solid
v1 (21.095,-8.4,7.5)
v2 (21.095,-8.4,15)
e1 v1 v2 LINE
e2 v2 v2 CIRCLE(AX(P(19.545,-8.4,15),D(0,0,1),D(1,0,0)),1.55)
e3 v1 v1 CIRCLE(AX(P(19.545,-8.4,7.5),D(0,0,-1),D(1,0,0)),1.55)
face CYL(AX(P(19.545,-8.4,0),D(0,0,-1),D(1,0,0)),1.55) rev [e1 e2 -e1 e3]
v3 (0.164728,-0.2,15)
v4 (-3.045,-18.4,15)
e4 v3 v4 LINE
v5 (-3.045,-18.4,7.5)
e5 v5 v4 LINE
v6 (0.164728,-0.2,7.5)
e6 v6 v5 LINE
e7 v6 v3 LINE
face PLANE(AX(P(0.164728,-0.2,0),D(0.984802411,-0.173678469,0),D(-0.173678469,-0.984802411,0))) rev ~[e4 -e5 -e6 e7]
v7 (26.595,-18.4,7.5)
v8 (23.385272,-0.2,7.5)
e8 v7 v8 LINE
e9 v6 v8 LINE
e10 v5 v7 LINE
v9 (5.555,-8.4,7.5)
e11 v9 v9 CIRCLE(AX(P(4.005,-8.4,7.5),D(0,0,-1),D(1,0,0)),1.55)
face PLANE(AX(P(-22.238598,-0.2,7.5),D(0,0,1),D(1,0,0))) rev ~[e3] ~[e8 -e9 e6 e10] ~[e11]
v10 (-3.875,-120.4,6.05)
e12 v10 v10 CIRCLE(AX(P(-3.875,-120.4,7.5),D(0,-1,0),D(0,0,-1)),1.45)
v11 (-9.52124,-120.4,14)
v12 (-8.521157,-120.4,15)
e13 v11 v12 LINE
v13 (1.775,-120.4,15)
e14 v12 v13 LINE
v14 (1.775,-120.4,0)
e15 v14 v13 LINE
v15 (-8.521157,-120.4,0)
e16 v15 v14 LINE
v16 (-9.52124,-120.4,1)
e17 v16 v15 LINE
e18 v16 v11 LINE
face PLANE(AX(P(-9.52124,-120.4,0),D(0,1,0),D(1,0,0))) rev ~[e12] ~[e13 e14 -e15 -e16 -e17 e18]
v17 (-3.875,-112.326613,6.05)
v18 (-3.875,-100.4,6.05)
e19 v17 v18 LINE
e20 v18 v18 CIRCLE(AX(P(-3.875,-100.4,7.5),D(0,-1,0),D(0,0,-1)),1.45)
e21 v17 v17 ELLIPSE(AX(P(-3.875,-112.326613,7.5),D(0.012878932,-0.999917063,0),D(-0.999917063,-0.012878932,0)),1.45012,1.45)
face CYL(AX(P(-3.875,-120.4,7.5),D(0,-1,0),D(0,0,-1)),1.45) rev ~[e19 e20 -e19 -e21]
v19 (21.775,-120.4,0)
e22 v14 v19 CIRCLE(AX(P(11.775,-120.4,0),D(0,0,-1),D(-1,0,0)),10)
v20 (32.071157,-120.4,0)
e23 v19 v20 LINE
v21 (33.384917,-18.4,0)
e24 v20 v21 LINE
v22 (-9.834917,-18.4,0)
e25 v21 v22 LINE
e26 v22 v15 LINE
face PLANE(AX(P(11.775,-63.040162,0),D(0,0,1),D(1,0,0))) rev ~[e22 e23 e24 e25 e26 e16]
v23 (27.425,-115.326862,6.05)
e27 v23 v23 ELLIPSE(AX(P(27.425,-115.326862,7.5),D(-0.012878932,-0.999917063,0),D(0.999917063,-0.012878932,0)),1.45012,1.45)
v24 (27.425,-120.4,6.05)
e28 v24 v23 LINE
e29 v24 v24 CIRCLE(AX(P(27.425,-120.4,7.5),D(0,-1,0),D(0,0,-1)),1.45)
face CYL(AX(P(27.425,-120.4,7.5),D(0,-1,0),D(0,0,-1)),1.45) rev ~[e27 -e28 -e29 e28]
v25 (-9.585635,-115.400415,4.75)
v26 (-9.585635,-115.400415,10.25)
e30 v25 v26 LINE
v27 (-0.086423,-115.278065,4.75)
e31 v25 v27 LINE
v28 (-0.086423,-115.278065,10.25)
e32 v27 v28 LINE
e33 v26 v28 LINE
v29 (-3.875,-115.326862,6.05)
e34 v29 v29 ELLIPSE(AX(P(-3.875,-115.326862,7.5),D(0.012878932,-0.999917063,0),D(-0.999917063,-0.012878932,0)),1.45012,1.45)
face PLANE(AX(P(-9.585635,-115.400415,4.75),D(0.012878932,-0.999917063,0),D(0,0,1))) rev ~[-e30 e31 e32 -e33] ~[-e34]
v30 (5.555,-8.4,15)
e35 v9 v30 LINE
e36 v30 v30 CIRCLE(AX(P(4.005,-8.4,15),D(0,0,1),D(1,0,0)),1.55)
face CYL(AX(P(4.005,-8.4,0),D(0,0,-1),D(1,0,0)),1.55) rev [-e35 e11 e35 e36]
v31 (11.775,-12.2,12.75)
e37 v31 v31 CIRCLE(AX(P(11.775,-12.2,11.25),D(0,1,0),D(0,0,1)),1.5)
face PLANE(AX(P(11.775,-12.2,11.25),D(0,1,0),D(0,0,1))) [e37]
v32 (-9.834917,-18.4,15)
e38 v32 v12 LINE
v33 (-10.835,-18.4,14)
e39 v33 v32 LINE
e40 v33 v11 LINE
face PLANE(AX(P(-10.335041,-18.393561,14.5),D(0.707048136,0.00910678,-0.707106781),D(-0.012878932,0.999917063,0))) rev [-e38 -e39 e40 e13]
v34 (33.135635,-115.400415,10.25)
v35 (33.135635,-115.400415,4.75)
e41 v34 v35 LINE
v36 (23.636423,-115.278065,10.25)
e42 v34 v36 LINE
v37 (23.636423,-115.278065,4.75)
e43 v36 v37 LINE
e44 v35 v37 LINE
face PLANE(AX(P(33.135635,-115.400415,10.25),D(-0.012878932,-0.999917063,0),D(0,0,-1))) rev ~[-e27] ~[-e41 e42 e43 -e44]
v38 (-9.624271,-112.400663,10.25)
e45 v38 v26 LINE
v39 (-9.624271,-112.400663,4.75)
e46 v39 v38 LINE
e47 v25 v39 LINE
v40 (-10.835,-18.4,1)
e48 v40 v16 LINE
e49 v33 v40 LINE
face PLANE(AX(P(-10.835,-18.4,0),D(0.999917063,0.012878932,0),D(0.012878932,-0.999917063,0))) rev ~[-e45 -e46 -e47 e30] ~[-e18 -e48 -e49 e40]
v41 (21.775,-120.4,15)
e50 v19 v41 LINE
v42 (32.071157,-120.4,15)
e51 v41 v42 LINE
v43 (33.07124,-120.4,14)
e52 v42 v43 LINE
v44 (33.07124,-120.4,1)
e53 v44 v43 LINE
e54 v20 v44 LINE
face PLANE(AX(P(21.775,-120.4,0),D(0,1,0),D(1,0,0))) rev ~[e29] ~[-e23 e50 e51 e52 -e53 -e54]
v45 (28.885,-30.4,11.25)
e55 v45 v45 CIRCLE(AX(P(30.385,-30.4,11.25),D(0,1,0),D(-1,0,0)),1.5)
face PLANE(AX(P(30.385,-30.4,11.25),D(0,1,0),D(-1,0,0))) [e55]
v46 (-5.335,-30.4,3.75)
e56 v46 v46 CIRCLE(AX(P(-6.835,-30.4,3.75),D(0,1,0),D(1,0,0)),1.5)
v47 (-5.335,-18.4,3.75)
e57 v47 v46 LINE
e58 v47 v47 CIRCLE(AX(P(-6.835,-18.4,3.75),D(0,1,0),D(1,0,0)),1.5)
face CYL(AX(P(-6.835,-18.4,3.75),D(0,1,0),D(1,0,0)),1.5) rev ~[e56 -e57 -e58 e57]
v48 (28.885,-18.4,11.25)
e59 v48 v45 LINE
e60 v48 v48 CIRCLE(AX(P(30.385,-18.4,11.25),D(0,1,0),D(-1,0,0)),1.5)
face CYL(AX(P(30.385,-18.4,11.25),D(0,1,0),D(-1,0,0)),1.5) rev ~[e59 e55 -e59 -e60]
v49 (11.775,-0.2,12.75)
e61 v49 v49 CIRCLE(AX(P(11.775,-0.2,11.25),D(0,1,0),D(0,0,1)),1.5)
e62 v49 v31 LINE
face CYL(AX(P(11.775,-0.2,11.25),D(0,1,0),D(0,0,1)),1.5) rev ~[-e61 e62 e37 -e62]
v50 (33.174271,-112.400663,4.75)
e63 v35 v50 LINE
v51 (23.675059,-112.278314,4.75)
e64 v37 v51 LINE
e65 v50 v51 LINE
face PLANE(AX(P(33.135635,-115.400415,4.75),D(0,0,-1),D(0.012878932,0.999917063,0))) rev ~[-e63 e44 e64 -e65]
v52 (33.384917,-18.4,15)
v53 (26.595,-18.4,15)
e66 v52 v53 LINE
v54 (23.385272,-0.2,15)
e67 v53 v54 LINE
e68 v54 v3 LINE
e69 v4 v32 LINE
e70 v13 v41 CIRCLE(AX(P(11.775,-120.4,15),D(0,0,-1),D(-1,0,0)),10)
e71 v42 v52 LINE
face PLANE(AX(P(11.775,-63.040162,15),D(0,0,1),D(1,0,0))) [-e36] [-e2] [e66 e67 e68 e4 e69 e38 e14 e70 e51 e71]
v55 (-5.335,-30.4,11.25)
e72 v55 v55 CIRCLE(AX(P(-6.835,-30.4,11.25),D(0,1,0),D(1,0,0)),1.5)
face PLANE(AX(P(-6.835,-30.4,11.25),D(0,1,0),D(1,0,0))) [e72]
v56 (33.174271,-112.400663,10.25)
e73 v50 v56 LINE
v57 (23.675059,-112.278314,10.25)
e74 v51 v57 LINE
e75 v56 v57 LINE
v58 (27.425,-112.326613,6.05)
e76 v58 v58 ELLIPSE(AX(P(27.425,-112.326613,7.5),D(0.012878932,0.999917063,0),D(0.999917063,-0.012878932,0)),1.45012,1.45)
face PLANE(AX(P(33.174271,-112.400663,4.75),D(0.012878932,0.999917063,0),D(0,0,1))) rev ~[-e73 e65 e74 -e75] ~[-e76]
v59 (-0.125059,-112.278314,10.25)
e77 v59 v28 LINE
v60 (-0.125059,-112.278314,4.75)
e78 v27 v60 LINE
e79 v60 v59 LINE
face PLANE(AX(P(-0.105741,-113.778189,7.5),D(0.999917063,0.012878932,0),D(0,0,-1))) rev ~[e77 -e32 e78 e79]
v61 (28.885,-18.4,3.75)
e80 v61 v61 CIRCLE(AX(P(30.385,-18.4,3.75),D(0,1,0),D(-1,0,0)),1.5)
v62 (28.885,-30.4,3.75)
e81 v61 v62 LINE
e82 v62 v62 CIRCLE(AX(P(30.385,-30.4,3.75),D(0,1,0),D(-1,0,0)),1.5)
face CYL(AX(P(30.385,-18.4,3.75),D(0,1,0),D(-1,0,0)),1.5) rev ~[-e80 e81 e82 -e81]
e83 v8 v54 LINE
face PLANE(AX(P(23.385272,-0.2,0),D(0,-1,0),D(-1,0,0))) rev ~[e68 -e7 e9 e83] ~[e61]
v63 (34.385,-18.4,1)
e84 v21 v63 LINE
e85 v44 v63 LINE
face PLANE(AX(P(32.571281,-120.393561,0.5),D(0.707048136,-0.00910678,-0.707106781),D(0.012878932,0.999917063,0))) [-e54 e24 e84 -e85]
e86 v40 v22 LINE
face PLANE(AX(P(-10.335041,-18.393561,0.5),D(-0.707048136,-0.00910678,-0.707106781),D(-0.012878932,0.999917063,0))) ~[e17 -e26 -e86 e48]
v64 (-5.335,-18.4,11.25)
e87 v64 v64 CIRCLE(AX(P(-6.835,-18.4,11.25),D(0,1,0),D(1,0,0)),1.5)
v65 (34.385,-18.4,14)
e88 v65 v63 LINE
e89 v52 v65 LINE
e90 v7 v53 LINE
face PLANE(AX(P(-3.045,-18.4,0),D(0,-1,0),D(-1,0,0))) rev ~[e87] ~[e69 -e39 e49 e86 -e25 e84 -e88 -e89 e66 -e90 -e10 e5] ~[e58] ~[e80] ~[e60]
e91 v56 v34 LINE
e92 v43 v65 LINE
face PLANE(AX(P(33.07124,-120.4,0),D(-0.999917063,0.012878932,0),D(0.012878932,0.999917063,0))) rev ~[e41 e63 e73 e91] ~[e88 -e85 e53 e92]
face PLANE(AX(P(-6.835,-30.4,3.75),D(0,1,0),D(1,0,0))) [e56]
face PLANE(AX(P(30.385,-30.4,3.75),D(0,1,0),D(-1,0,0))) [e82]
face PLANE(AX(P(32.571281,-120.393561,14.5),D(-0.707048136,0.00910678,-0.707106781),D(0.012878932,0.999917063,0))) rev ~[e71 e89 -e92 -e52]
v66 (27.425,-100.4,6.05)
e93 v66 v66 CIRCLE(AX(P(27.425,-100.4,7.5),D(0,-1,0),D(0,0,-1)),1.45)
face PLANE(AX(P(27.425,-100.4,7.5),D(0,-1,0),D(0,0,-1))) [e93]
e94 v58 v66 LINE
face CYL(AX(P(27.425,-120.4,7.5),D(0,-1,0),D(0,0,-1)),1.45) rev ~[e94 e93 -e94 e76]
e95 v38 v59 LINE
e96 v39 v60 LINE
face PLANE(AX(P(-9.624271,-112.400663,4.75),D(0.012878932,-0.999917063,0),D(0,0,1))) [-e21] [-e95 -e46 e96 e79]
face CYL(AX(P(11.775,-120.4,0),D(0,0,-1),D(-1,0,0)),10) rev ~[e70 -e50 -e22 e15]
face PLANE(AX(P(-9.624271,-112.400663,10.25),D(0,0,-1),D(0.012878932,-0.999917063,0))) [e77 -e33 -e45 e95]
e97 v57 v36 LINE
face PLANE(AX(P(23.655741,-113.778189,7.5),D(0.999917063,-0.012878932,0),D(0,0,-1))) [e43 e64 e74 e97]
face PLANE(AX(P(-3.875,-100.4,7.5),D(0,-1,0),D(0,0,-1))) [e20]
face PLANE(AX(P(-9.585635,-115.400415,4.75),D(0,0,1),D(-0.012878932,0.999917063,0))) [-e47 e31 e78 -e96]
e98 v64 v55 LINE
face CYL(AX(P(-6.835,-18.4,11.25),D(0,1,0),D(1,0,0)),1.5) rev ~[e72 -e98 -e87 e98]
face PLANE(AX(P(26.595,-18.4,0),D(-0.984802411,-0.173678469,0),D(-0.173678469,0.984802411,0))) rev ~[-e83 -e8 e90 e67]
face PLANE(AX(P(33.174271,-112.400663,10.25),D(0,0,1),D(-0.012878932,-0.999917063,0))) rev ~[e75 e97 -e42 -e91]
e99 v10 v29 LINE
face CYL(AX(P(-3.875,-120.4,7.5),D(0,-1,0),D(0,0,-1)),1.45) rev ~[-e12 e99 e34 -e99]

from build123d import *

# Parameters (mm, degrees)
SKETCH_1_R          = 1.55
EXTRUDE_1_DEPTH     = 15
CUT_EXTRUDE_1_DEPTH = 18.2
SKETCH_3_R          = 1.5
CUT_EXTRUDE_2_DEPTH = 12
SKETCH_4_R          = 1.5
CUT_EXTRUDE_3_DEPTH = 12
CHAMFER_1_SIZE      = 1
CUT_EXTRUDE_4_DEPTH = 9.5
CUT_EXTRUDE_5_DEPTH = 9.5
SKETCH_7_R          = 1.45
CUT_EXTRUDE_6_DEPTH = 20


with BuildPart() as part:
    # 草图1 → 凸台-拉伸1 (new body)
    with BuildSketch(Plane.XY):
        with BuildLine():
            Line((-10.835, -18.4), (-9.52124, -120.4))
            Line((-9.52124, -120.4), (1.775, -120.4))
            ThreePointArc((1.775, -120.4), (11.775, -110.4), (21.775, -120.4))
            Line((21.775, -120.4), (33.07124, -120.4))
            Line((33.07124, -120.4), (34.385, -18.4))
            Line((34.385, -18.4), (26.795, -18.4))
            Line((26.795, -18.4), (26.595, -18.4))
            Line((26.595, -18.4), (23.385271739, -0.2))
            Line((23.385271739, -0.2), (0.164728261, -0.2))
            Line((0.164728261, -0.2), (-3.045, -18.4))
            Line((-3.045, -18.4), (-3.245, -18.4))
            Line((-3.245, -18.4), (-10.835, -18.4))
        make_face()
        with Locations((4.005, -8.4)):
            Circle(SKETCH_1_R, mode=Mode.SUBTRACT)
        with Locations((19.545, -8.4)):
            Circle(SKETCH_1_R, mode=Mode.SUBTRACT)
    extrude(amount=EXTRUDE_1_DEPTH)

    # 草图2 → 切除-拉伸1 (cut)
    with BuildSketch(Plane(origin=(0, -0.2, 0), x_dir=(1, 0, 0), z_dir=(0, 1, 0))):
        Polygon((23.385271739, -7.5), (-22.23859784, -7.5), (-22.23859784, 0), (39.198950906, 0), (39.198950906, -7.5), align=None)
    extrude(amount=-CUT_EXTRUDE_1_DEPTH, mode=Mode.SUBTRACT)

    # 草图3 → 切除-拉伸2 (cut)
    with BuildSketch(Plane(origin=(0, -0.2, 0), x_dir=(1, 0, 0), z_dir=(0, 1, 0))):
        with Locations(Location((11.775, -11.25, 0), (0, 0, 270))):
            Circle(SKETCH_3_R)
    extrude(amount=-CUT_EXTRUDE_2_DEPTH, mode=Mode.SUBTRACT)

    # 草图4 → 切除-拉伸3 (cut)
    with BuildSketch(Plane(origin=(0, -18.4, 0), x_dir=(1, 0, 0), z_dir=(0, 1, 0))):
        with Locations(Location((30.385, -3.75, 0), (0, 0, 180))):
            Circle(SKETCH_4_R)
        with Locations(Location((30.385, -11.25, 0), (0, 0, 180))):
            Circle(SKETCH_4_R)
        with Locations((-6.835, -11.25)):
            Circle(SKETCH_4_R)
        with Locations((-6.835, -3.75)):
            Circle(SKETCH_4_R)
    extrude(amount=-CUT_EXTRUDE_3_DEPTH, mode=Mode.SUBTRACT)

    # 倒角1
    chamfer_1_edges = [part.edges().sort_by_distance(p)[0] for p in [
        (33.72812, -69.4, 15),
        (-10.17812, -69.4, 0),
        (33.72812, -69.4, 0),
        (-10.17812, -69.4, 15),
    ]]
    chamfer(chamfer_1_edges, length=CHAMFER_1_SIZE)

    # 草图5 → 切除-拉伸4 (cut)
    with BuildSketch(Plane(origin=(34.616249358, -0.445857292, 0), x_dir=(0, 0, -1), z_dir=(0.9999170631189305, -0.012878931772971664, 0))):
        Polygon((-7.5, -114.964092156), (-4.75, -114.964092156), (-4.75, -111.964092156), (-10.25, -111.964092156), (-10.25, -114.964092156), align=None)
    extrude(amount=-CUT_EXTRUDE_4_DEPTH, mode=Mode.SUBTRACT)

    # 草图6 → 切除-拉伸5 (cut)
    with BuildSketch(Plane(origin=(-11.070155523, -0.142583603, 0), x_dir=(0, 0, 1), z_dir=(-0.9999170631189305, -0.012878931772971934, 0))):
        Polygon((7.5, -115.267390999), (4.75, -115.267390999), (4.75, -112.267390999), (10.25, -112.267390999), (10.25, -115.267390999), align=None)
    extrude(amount=-CUT_EXTRUDE_5_DEPTH, mode=Mode.SUBTRACT)

    # 草图7 → 切除-拉伸6 (cut)
    with BuildSketch(Plane.XZ.offset(120.4)):
        with Locations(Location((27.425, 7.5, 0), (0, 0, 270))):
            Circle(SKETCH_7_R)
        with Locations(Location((-3.875, 7.5, 0), (0, 0, 270))):
            Circle(SKETCH_7_R)
    extrude(amount=-CUT_EXTRUDE_6_DEPTH, mode=Mode.SUBTRACT)


solid = part.part
